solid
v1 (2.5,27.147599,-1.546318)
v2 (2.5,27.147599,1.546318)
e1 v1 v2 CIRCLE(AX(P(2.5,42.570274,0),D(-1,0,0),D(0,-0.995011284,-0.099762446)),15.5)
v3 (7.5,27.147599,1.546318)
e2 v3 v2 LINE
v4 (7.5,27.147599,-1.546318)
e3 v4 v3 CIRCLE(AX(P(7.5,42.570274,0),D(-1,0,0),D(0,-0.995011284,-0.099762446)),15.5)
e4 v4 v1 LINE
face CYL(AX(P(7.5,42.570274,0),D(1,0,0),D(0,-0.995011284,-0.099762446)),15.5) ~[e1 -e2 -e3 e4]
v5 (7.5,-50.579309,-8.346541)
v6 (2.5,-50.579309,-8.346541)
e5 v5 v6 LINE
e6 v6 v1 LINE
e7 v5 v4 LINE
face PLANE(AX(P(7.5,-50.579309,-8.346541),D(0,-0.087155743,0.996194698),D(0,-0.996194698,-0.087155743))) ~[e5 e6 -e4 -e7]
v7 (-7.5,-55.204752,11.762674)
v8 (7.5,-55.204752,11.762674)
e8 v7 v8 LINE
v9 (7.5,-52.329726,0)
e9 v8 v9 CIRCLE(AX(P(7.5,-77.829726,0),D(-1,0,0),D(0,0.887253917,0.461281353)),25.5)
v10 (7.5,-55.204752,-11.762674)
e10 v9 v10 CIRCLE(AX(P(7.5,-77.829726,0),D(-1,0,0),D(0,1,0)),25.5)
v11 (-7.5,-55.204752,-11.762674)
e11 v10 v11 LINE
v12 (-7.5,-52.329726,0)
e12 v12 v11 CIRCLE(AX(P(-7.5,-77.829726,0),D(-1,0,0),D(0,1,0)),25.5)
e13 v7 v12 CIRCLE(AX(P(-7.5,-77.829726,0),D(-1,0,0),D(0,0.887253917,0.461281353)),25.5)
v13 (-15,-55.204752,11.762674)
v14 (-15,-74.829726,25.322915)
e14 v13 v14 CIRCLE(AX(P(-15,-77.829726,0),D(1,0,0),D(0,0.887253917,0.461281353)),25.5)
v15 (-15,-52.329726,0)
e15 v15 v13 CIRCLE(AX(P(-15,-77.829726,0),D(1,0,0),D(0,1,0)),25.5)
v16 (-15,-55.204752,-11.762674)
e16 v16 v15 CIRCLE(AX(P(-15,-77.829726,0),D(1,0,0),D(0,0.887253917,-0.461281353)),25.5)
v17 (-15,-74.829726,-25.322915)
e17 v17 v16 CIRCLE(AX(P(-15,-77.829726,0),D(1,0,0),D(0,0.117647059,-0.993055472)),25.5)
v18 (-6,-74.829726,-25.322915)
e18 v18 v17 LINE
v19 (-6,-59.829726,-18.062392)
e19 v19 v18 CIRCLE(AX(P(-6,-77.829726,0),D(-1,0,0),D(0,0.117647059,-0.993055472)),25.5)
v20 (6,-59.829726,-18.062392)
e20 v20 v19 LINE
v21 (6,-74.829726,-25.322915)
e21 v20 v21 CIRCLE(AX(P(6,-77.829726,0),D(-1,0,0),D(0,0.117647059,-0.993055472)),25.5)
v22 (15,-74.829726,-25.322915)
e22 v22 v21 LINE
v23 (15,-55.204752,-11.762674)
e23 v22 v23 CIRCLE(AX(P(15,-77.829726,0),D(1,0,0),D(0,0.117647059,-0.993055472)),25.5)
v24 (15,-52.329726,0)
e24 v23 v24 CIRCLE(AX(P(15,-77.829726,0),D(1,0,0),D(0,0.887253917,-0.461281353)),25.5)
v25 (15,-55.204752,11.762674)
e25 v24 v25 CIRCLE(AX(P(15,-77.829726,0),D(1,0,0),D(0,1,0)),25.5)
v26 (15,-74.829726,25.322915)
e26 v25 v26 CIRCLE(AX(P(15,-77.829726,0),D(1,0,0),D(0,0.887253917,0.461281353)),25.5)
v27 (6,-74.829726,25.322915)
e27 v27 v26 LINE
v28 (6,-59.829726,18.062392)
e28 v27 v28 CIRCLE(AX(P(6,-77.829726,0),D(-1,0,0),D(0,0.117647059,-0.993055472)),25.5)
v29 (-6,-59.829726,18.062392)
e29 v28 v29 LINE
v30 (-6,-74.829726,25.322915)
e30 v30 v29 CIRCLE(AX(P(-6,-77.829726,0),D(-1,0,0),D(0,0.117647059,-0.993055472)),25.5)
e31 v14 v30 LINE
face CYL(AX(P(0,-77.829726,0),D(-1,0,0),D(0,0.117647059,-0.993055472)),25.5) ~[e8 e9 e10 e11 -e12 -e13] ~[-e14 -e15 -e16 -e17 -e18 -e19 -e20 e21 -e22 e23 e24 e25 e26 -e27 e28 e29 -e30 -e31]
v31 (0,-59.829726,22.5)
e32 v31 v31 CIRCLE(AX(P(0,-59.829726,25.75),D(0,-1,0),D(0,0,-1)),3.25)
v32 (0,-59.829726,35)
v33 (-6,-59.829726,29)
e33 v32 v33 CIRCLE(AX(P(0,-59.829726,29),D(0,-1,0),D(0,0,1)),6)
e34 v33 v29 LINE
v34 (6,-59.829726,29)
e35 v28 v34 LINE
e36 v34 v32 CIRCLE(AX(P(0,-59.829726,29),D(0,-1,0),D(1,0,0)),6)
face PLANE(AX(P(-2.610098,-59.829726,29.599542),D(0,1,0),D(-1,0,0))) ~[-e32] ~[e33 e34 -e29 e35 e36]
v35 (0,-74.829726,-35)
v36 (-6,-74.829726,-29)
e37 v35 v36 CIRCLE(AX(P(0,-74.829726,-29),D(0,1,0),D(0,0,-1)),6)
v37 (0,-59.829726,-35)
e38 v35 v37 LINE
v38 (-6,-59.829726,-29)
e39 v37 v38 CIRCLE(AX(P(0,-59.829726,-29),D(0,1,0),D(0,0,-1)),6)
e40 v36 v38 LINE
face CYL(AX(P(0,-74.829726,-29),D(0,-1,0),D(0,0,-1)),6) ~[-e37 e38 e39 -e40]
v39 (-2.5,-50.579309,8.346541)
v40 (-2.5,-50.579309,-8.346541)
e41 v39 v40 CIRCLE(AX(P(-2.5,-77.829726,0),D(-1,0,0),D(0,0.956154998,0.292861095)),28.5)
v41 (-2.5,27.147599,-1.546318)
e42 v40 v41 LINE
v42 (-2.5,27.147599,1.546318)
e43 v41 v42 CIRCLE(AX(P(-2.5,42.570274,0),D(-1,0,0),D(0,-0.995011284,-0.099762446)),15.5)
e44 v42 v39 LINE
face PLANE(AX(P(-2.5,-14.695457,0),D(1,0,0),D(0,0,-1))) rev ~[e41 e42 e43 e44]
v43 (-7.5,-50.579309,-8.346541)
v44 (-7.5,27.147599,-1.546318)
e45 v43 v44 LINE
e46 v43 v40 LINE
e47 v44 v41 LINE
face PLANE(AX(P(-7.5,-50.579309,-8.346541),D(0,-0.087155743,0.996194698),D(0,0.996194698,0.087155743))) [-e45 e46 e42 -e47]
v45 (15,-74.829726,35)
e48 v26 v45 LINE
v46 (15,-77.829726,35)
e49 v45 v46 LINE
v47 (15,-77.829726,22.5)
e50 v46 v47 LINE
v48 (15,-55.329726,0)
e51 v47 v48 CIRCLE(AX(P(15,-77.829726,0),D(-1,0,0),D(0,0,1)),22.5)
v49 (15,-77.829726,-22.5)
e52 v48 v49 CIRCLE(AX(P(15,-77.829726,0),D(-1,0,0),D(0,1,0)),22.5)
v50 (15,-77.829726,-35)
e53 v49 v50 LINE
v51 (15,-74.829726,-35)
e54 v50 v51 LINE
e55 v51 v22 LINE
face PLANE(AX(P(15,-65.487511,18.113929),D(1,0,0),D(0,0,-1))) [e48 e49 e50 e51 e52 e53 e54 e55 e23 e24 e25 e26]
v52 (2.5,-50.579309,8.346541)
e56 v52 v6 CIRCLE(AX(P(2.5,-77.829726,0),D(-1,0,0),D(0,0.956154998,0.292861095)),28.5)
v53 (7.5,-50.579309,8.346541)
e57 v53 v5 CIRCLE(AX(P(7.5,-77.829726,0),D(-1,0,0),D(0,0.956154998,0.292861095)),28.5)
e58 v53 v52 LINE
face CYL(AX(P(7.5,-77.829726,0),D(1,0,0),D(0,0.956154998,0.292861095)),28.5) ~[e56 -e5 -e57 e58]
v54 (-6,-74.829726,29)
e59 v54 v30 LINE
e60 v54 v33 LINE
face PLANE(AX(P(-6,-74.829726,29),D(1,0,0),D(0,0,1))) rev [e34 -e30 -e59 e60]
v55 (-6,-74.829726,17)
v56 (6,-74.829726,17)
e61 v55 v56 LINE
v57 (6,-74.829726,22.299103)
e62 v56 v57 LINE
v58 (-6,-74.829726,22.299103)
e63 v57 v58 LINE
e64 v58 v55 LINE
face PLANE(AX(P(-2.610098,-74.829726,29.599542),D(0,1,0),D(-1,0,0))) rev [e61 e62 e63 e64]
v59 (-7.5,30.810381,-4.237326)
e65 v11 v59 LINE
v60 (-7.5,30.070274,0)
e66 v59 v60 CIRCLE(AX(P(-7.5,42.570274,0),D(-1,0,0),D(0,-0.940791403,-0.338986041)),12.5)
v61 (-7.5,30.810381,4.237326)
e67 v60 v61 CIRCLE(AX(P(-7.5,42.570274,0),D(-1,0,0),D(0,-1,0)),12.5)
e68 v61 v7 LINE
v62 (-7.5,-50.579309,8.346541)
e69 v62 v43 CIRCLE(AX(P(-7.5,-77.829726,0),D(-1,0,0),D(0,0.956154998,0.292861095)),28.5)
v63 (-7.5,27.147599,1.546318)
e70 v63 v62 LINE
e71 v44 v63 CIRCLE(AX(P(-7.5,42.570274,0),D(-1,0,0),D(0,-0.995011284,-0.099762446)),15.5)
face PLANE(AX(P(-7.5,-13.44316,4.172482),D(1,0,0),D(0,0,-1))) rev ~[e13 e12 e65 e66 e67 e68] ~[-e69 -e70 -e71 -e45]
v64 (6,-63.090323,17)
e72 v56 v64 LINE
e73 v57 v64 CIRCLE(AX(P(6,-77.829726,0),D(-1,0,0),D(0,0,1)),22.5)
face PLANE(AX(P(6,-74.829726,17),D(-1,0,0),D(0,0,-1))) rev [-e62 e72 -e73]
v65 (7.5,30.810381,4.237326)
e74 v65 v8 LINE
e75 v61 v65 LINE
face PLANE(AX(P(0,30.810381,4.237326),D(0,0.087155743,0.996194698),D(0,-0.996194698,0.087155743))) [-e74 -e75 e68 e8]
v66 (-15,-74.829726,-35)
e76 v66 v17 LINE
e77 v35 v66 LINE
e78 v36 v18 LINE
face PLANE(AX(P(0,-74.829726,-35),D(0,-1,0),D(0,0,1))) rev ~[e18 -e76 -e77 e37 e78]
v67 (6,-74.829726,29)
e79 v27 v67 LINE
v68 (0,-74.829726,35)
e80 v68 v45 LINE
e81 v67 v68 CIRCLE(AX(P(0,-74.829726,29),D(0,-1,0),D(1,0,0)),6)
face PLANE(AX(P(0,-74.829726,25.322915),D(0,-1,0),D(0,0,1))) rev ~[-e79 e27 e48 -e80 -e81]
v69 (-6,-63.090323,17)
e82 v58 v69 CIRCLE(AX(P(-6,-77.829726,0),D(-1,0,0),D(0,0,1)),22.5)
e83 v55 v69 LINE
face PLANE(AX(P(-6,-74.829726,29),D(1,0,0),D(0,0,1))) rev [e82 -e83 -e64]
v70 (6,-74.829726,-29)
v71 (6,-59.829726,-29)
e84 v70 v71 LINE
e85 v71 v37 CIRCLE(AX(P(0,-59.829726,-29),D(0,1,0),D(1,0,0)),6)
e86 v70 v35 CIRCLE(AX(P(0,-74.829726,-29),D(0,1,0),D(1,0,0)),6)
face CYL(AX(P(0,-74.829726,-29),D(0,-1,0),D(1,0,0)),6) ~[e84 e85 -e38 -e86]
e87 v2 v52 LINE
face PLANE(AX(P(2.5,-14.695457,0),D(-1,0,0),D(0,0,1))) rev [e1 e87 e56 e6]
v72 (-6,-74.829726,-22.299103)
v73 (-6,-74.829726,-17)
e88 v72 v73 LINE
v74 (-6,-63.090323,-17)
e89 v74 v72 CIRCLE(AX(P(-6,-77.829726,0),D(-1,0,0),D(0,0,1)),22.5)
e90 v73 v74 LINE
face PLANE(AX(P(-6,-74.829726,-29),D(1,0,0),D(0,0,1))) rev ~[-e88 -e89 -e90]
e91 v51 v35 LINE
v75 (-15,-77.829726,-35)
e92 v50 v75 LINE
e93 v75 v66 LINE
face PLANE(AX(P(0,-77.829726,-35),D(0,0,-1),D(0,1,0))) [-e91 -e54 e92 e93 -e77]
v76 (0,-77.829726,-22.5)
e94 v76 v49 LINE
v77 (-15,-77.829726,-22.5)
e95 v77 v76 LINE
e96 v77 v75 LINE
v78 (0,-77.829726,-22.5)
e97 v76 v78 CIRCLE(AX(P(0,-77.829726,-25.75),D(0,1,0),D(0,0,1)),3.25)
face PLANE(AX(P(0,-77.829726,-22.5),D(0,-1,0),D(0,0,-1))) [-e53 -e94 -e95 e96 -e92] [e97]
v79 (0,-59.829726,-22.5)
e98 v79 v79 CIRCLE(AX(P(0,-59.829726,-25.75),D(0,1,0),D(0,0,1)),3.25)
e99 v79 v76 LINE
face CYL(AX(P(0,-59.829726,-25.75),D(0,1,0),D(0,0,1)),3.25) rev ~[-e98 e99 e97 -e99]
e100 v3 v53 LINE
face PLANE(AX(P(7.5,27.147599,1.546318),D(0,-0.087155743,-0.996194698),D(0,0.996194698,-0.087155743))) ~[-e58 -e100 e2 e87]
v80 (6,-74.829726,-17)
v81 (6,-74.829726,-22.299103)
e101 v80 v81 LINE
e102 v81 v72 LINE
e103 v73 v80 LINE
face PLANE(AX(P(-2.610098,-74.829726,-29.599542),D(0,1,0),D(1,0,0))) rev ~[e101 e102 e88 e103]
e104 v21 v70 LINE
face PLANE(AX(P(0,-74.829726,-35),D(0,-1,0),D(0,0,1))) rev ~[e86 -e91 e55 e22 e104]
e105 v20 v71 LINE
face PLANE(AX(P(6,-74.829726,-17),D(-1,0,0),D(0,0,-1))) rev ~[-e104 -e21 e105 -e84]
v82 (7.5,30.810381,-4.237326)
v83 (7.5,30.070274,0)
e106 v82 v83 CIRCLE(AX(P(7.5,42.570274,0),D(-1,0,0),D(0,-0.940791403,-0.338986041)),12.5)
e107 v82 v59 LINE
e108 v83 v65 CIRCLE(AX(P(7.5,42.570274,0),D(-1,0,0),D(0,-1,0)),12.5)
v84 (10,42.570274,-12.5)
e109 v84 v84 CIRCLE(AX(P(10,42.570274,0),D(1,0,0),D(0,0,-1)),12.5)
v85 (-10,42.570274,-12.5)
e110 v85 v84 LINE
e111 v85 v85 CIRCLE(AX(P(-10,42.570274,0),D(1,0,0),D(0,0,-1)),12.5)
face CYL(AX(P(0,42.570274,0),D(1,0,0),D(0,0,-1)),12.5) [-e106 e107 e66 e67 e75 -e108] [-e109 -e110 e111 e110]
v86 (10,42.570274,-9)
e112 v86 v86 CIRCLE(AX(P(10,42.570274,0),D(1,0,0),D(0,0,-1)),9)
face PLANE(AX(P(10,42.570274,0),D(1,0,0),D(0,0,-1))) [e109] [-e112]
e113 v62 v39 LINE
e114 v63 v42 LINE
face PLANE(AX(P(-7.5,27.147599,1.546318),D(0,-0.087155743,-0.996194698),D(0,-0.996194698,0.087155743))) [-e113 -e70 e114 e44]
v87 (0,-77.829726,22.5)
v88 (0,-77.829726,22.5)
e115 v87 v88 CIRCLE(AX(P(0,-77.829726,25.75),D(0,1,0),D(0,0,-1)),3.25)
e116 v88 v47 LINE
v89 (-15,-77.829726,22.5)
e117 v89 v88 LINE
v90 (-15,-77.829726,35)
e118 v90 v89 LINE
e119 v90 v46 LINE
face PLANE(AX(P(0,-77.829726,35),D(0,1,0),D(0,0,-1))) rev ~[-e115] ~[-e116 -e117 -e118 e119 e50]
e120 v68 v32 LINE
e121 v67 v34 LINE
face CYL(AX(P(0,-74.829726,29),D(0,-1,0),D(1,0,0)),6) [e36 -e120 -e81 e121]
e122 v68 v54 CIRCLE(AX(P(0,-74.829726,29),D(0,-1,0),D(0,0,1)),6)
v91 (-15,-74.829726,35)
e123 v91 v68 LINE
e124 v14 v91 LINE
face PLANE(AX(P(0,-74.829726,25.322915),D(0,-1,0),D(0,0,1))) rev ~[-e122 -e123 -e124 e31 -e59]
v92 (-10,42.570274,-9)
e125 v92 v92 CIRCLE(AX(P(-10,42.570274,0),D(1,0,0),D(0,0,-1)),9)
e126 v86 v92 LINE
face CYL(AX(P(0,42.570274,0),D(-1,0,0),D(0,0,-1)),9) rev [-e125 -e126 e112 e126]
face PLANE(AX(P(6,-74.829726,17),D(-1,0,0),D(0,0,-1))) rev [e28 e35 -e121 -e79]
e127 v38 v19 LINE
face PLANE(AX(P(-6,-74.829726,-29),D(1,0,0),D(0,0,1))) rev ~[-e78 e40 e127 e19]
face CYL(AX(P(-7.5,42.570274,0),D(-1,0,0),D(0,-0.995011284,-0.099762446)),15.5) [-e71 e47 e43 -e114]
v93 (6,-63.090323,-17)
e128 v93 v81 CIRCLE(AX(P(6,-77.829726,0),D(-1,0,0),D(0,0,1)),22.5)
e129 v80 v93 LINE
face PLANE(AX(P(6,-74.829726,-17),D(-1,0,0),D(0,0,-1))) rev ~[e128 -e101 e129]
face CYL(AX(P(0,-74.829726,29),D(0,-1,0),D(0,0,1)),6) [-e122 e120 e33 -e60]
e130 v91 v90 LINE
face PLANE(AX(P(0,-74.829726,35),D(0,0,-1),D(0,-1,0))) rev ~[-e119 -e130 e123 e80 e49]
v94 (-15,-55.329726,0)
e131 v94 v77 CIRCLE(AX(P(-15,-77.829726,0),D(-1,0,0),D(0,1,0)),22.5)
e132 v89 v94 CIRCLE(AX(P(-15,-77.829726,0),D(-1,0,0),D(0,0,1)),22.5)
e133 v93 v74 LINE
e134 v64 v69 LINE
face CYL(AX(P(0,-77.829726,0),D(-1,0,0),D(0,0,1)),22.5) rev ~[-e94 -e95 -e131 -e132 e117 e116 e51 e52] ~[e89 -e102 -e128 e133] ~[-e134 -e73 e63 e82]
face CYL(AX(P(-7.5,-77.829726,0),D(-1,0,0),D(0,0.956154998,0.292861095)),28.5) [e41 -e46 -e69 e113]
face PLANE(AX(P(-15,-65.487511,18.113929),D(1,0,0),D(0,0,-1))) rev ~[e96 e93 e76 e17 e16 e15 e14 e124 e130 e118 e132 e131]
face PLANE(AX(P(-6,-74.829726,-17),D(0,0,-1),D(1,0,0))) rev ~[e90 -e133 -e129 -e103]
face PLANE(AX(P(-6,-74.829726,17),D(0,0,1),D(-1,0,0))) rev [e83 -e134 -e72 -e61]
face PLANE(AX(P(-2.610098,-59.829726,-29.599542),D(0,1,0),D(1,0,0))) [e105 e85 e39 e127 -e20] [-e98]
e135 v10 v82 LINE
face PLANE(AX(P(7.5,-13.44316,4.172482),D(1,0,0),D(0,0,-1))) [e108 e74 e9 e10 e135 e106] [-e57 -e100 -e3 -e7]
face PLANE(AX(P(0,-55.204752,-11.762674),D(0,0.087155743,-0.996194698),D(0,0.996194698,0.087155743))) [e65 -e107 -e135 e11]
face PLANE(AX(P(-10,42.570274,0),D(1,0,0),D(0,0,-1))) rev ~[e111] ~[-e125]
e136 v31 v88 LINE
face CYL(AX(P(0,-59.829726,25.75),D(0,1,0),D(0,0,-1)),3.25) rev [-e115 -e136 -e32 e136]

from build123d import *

# Parameters (mm, degrees)
SKETCH3_R           = 9
BOSS_EXTRUDE2_DEPTH = 10
BOSS_EXTRUDE3_DEPTH = 15
BOSS_EXTRUDE4_DEPTH = 7.5
BOSS_EXTRUDE5_DEPTH = 15
SKETCH5_R           = 3.25
CUT_EXTRUDE1_DEPTH  = 122.045487318
CUT_EXTRUDE3_DEPTH  = 5


with BuildPart() as part:
    # Sketch3 → Boss-Extrude2 (new, symmetric)
    with BuildSketch(Plane(origin=(0, 0, 0), x_dir=(0, 0, -1), z_dir=(1, 0, 0))):
        with BuildLine():
            ThreePointArc((-4.237325504, 30.810381037), (0, 30.070273578), (4.237325504, 30.810381037))
            ThreePointArc((4.237325504, 30.810381037), (10.227819142, 35.38405652), (12.5, 42.570273578))
            ThreePointArc((12.5, 42.570273578), (-7.186217058, 52.79809272), (-4.237325504, 30.810381037))
        make_face()
        with Locations((0, 42.570273578)):
            Circle(SKETCH3_R, mode=Mode.SUBTRACT)
    extrude(amount=BOSS_EXTRUDE2_DEPTH, both=True)



with BuildPart() as body_2:
    # Sketch3<4> → Boss-Extrude3 (new, symmetric)
    with BuildSketch(Plane(origin=(0, 0, 0), x_dir=(0, 0, -1), z_dir=(1, 0, 0))):
        with BuildLine():
            Line((-25.322914524, -74.829726422), (-35, -74.829726422))
            Line((-35, -74.829726422), (-35, -77.829726422))
            Line((-35, -77.829726422), (-22.5, -77.829726422))
            ThreePointArc((-22.5, -77.829726422), (0, -55.329726422), (22.5, -77.829726422))
            Line((22.5, -77.829726422), (35, -77.829726422))
            Line((35, -77.829726422), (35, -74.829726422))
            Line((35, -74.829726422), (25.322914524, -74.829726422))
            ThreePointArc((25.322914524, -74.829726422), (0, -52.329726422), (-25.322914524, -74.829726422))
        make_face()
    extrude(amount=BOSS_EXTRUDE3_DEPTH, both=True)


with BuildPart() as part_1:
    add(part.part)

    add(body_2.part)  # Boss-Extrude4 merges body 2
    # Sketch3<5> → Boss-Extrude4 (add, symmetric)
    with BuildSketch(Plane(origin=(0, 0, 0), x_dir=(0, 0, -1), z_dir=(1, 0, 0))):
        with BuildLine():
            ThreePointArc((4.237325504, 30.810381037), (0, 30.070273578), (-4.237325504, 30.810381037))
            Line((-4.237325504, 30.810381037), (-11.762674496, -55.204751534))
            ThreePointArc((-11.762674496, -55.204751534), (0, -52.329726422), (11.762674496, -55.204751534))
            Line((11.762674496, -55.204751534), (4.237325504, 30.810381037))
        make_face()
    extrude(amount=BOSS_EXTRUDE4_DEPTH, both=True)

    # Sketch4 → Boss-Extrude5 (add)
    with BuildSketch(Plane(origin=(0, -74.829726422, 0), x_dir=(1, 0, 0), z_dir=(0, 1, 0))):
        with BuildLine():
            ThreePointArc((6, 29), (0, 35), (-6, 29))
            Line((-6, 29), (-6, 17))
            Line((-6, 17), (6, 17))
            Line((6, 17), (6, 29))
        make_face()
    boss_extrude5 = extrude(amount=BOSS_EXTRUDE5_DEPTH)

    # Sketch5 → Cut-Extrude1 (cut, through all)
    with BuildSketch(Plane(origin=(0, -59.829726422, 0), x_dir=(1, 0, 0), z_dir=(0, 1, 0))):
        with Locations((0, 25.75)):
            Circle(SKETCH5_R)
    cut_extrude1 = extrude(amount=-CUT_EXTRUDE1_DEPTH, mode=Mode.SUBTRACT)

    # Mirror1: Boss-Extrude5, Cut-Extrude1 across plane
    add(boss_extrude5.mirror(Plane.XY))
    add(cut_extrude1.mirror(Plane.XY), mode=Mode.SUBTRACT)

    # Sketch9 → Cut-Extrude3 (cut)
    with BuildSketch(Plane.ZY.offset(7.5)):
        with BuildLine():
            ThreePointArc((1.546317924, 27.147598684), (0, 27.070273578), (-1.546317924, 27.147598684))
            Line((-1.546317924, 27.147598684), (-8.346541197, -50.579308993))
            ThreePointArc((-8.346541197, -50.579308993), (0, -49.329726422), (8.346541197, -50.579308993))
            Line((8.346541197, -50.579308993), (1.546317924, 27.147598684))
        make_face()
    cut_extrude3 = extrude(amount=-CUT_EXTRUDE3_DEPTH, mode=Mode.SUBTRACT)

    # Mirror2: Cut-Extrude3 across plane
    add(cut_extrude3.mirror(Plane(origin=(0, 0, 0), x_dir=(0, 0, 1), z_dir=(1, 0, 0))), mode=Mode.SUBTRACT)


solid = part_1.part
